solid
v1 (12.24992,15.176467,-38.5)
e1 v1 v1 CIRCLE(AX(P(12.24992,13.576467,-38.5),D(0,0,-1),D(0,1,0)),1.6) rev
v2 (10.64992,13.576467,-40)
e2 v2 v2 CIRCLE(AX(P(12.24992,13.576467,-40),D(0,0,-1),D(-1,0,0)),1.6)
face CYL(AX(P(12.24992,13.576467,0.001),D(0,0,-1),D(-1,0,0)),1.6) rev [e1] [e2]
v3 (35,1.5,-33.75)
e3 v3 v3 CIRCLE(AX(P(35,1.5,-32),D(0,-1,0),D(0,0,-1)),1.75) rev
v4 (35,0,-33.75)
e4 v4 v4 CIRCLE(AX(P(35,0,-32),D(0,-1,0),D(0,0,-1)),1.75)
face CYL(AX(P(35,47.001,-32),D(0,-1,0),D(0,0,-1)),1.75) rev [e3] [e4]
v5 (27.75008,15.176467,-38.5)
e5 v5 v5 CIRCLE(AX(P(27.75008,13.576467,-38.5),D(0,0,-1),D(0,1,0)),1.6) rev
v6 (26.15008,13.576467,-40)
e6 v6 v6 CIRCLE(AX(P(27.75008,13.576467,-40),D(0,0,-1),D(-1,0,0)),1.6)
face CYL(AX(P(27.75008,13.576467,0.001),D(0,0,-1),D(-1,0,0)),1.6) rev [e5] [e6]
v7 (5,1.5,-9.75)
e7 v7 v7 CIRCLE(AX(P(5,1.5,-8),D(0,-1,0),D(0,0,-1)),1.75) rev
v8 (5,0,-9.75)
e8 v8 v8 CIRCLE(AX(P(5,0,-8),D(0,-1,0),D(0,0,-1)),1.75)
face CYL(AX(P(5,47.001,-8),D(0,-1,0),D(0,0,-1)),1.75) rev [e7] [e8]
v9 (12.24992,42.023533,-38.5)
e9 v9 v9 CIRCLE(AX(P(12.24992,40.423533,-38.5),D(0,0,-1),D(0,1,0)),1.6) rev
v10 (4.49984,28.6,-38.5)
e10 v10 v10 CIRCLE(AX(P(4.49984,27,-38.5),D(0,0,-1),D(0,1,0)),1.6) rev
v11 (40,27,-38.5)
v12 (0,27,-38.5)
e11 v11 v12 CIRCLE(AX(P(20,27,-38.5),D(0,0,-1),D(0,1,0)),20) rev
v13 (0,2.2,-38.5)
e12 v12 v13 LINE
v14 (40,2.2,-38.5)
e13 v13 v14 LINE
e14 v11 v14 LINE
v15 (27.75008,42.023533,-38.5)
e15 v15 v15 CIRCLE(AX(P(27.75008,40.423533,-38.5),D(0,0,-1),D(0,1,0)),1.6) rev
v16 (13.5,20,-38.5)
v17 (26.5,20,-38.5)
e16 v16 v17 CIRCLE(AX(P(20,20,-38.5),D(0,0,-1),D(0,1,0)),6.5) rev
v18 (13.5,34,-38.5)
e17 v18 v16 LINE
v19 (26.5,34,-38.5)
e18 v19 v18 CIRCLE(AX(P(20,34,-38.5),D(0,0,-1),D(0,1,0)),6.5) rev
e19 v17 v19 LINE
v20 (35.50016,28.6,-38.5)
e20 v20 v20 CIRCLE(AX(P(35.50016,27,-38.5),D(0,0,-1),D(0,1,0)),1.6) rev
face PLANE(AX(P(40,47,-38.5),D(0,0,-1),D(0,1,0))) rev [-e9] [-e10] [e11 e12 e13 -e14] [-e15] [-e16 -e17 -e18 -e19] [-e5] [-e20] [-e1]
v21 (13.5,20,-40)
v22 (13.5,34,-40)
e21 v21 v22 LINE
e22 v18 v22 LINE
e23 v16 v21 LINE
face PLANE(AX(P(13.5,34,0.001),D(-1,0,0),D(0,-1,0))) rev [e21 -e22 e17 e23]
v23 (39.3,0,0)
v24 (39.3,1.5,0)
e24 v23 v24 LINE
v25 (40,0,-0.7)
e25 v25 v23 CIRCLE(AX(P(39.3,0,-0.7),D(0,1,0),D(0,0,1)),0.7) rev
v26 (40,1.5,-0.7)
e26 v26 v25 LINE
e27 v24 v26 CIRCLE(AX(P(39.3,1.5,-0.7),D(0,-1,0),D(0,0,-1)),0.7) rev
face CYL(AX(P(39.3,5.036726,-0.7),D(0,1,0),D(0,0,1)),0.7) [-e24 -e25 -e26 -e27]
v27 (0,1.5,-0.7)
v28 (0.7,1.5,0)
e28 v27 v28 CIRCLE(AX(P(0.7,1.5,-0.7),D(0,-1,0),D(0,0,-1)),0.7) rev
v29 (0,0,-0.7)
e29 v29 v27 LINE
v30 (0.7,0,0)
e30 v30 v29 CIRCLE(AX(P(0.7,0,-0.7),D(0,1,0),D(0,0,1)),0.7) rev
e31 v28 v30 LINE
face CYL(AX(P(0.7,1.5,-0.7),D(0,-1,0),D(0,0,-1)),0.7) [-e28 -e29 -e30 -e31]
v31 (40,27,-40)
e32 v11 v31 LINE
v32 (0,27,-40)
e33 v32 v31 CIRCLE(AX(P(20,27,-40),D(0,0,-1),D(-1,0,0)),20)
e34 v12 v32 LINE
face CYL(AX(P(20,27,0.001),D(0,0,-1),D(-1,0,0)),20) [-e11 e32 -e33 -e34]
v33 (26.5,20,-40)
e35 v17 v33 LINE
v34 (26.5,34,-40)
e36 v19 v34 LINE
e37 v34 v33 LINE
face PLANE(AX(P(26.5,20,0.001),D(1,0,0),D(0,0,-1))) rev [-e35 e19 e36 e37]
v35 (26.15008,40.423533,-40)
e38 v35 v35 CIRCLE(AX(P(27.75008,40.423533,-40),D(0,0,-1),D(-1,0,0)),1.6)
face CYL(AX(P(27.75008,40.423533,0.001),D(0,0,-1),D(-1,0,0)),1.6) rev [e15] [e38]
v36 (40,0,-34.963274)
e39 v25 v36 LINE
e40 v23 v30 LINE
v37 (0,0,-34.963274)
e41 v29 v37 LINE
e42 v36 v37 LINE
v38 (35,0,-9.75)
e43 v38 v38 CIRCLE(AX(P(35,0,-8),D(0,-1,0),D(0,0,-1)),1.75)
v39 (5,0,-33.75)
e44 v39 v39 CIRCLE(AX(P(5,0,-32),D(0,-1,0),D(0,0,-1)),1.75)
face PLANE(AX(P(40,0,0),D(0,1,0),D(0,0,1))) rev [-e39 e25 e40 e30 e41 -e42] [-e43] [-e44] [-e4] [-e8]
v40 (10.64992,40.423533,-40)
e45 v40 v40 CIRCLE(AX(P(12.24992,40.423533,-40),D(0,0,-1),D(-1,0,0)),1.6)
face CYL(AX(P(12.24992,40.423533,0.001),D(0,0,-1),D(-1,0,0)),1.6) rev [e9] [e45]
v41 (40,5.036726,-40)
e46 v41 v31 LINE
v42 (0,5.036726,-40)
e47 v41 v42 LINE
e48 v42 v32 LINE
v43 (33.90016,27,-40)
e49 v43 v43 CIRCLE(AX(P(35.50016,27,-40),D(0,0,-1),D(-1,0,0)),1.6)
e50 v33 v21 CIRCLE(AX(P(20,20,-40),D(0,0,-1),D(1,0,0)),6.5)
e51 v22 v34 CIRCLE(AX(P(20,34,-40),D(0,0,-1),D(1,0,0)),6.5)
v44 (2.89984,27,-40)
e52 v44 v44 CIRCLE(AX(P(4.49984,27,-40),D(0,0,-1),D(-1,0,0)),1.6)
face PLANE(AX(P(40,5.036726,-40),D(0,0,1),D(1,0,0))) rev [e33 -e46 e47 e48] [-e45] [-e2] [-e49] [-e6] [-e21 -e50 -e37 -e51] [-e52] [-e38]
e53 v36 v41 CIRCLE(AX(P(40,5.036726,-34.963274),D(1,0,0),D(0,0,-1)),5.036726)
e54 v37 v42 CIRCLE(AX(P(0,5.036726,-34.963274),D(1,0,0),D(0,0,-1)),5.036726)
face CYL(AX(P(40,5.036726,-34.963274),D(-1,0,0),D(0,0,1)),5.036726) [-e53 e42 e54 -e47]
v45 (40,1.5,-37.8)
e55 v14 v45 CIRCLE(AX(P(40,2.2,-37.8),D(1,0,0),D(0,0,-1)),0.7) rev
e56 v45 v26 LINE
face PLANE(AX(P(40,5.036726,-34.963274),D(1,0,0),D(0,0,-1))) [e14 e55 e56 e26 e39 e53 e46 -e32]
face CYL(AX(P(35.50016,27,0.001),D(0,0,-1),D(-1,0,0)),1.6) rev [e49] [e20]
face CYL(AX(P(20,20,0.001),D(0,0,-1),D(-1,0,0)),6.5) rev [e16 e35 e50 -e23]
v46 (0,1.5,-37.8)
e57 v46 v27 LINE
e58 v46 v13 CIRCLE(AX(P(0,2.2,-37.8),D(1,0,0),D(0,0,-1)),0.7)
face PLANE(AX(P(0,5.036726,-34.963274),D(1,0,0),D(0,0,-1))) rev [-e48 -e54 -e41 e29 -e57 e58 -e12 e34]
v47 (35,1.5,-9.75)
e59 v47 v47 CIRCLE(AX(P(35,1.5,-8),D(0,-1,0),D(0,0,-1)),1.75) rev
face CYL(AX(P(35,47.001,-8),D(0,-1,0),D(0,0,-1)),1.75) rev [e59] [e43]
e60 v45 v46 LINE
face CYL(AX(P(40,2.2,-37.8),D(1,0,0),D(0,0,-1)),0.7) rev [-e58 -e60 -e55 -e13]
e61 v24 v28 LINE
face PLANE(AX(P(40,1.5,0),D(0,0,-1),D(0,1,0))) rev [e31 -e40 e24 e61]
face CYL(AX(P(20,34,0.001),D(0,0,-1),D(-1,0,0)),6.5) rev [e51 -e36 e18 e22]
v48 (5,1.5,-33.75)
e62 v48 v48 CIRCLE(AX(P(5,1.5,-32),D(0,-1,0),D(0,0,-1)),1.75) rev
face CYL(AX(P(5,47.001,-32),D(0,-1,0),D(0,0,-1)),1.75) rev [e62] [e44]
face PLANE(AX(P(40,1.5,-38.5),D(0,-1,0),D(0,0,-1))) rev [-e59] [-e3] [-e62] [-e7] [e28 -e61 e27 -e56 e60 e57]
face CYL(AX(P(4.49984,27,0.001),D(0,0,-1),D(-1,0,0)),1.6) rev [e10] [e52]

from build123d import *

# Parameters (mm, degrees)
MAINPIECE_DEPTH       = 40
CHASSISHOLES_REACH    = 75.546
SKETCH2_R             = 1.75
DOME_REACH            = 75.546
WHEELMOTORGUIDE_REACH = 75.546
SKETCH4_R             = 1.6
FILLET1_R             = 0.7


with BuildPart() as part:
    # Sketch1 → MainPiece (new body)
    with BuildSketch(Plane(origin=(0, 0, 0), x_dir=(0, 0, -1), z_dir=(1, 0, 0))):
        with BuildLine():
            Line((0, 1.5), (0, 0))
            Line((0, 0), (34.963274192, 0))
            ThreePointArc((34.963274192, 0), (38.524777166, 1.475222834), (40, 5.036725808))
            Line((40, 5.036725808), (40, 47))
            Line((40, 47), (38.5, 47))
            Line((38.5, 47), (38.5, 1.5))
            Line((38.5, 1.5), (0, 1.5))
        make_face()
    extrude(amount=MAINPIECE_DEPTH)

    # Sketch2 → ChassisHoles (cut, up to next)
    with BuildSketch(Plane(origin=(0, 0, 0), x_dir=(-1, 0, 0), z_dir=(0, -1, 0)), mode=Mode.PRIVATE) as chassisholes_sk1:
        with Locations(Location((-5, 8, 0), (0, 0, 90))):
            Circle(SKETCH2_R)
    chassisholes_tool1 = extrude(chassisholes_sk1.sketch, amount=-CHASSISHOLES_REACH, mode=Mode.PRIVATE) & part.part
    # Sketch2 → ChassisHoles (cut, up to next)
    with BuildSketch(Plane(origin=(0, 0, 0), x_dir=(-1, 0, 0), z_dir=(0, -1, 0)), mode=Mode.PRIVATE) as chassisholes_sk2:
        with Locations(Location((-35, 8, 0), (0, 0, 90))):
            Circle(SKETCH2_R)
    chassisholes_tool2 = extrude(chassisholes_sk2.sketch, amount=-CHASSISHOLES_REACH, mode=Mode.PRIVATE) & part.part
    # Sketch2 → ChassisHoles (cut, up to next)
    with BuildSketch(Plane(origin=(0, 0, 0), x_dir=(-1, 0, 0), z_dir=(0, -1, 0)), mode=Mode.PRIVATE) as chassisholes_sk3:
        with Locations(Location((-35, 32, 0), (0, 0, 90))):
            Circle(SKETCH2_R)
    chassisholes_tool3 = extrude(chassisholes_sk3.sketch, amount=-CHASSISHOLES_REACH, mode=Mode.PRIVATE) & part.part
    # Sketch2 → ChassisHoles (cut, up to next)
    with BuildSketch(Plane(origin=(0, 0, 0), x_dir=(-1, 0, 0), z_dir=(0, -1, 0)), mode=Mode.PRIVATE) as chassisholes_sk4:
        with Locations(Location((-5, 32, 0), (0, 0, 90))):
            Circle(SKETCH2_R)
    chassisholes_tool4 = extrude(chassisholes_sk4.sketch, amount=-CHASSISHOLES_REACH, mode=Mode.PRIVATE) & part.part
    add(chassisholes_tool1.solids().sort_by_distance((5, 0, -8))[0], mode=Mode.SUBTRACT)
    add(chassisholes_tool2.solids().sort_by_distance((35, 0, -8))[0], mode=Mode.SUBTRACT)
    add(chassisholes_tool3.solids().sort_by_distance((35, 0, -32))[0], mode=Mode.SUBTRACT)
    add(chassisholes_tool4.solids().sort_by_distance((5, 0, -32))[0], mode=Mode.SUBTRACT)

    # Sketch3 → Dome (cut, up to next)
    with BuildSketch(Plane(origin=(0, 0, -40), x_dir=(-1, 0, 0), z_dir=(0, 0, -1)), mode=Mode.PRIVATE) as dome_sk1:
        with BuildLine():
            Line((-40, 47), (-40, 27))
            ThreePointArc((-40, 27), (-34.142135624, 41.142135624), (-20, 47))
            Line((-20, 47), (-40, 47))
        make_face()
    dome_tool1 = extrude(dome_sk1.sketch, amount=-DOME_REACH, mode=Mode.PRIVATE) & part.part
    # Sketch3 → Dome (cut, up to next)
    with BuildSketch(Plane(origin=(0, 0, -40), x_dir=(-1, 0, 0), z_dir=(0, 0, -1)), mode=Mode.PRIVATE) as dome_sk2:
        with BuildLine():
            Line((0, 47), (-20, 47))
            ThreePointArc((-20, 47), (-5.857864376, 41.142135624), (0, 27))
            Line((0, 27), (0, 47))
        make_face()
    dome_tool2 = extrude(dome_sk2.sketch, amount=-DOME_REACH, mode=Mode.PRIVATE) & part.part
    add(dome_tool1.solids().sort_by_distance((35.532641, 42.532641, -40))[0], mode=Mode.SUBTRACT)
    add(dome_tool2.solids().sort_by_distance((4.467359, 42.532641, -40))[0], mode=Mode.SUBTRACT)

    # Sketch4 → WheelMotorGuide (cut, up to next)
    with BuildSketch(Plane(origin=(0, 0, -40), x_dir=(-1, 0, 0), z_dir=(0, 0, -1)), mode=Mode.PRIVATE) as wheelmotorguide_sk1:
        with Locations((-35.500160217, 27)):
            Circle(SKETCH4_R)
    wheelmotorguide_tool1 = extrude(wheelmotorguide_sk1.sketch, amount=-WHEELMOTORGUIDE_REACH, mode=Mode.PRIVATE) & part.part
    # Sketch4 → WheelMotorGuide (cut, up to next)
    with BuildSketch(Plane(origin=(0, 0, -40), x_dir=(-1, 0, 0), z_dir=(0, 0, -1)), mode=Mode.PRIVATE) as wheelmotorguide_sk2:
        with Locations((-27.750080108, 40.42353251)):
            Circle(SKETCH4_R)
    wheelmotorguide_tool2 = extrude(wheelmotorguide_sk2.sketch, amount=-WHEELMOTORGUIDE_REACH, mode=Mode.PRIVATE) & part.part
    # Sketch4 → WheelMotorGuide (cut, up to next)
    with BuildSketch(Plane(origin=(0, 0, -40), x_dir=(-1, 0, 0), z_dir=(0, 0, -1)), mode=Mode.PRIVATE) as wheelmotorguide_sk3:
        with Locations((-12.249919892, 40.42353251)):
            Circle(SKETCH4_R)
    wheelmotorguide_tool3 = extrude(wheelmotorguide_sk3.sketch, amount=-WHEELMOTORGUIDE_REACH, mode=Mode.PRIVATE) & part.part
    # Sketch4 → WheelMotorGuide (cut, up to next)
    with BuildSketch(Plane(origin=(0, 0, -40), x_dir=(-1, 0, 0), z_dir=(0, 0, -1)), mode=Mode.PRIVATE) as wheelmotorguide_sk4:
        with Locations((-4.499839783, 27)):
            Circle(SKETCH4_R)
    wheelmotorguide_tool4 = extrude(wheelmotorguide_sk4.sketch, amount=-WHEELMOTORGUIDE_REACH, mode=Mode.PRIVATE) & part.part
    # Sketch4 → WheelMotorGuide (cut, up to next)
    with BuildSketch(Plane(origin=(0, 0, -40), x_dir=(-1, 0, 0), z_dir=(0, 0, -1)), mode=Mode.PRIVATE) as wheelmotorguide_sk5:
        with Locations((-12.249919892, 13.57646749)):
            Circle(SKETCH4_R)
    wheelmotorguide_tool5 = extrude(wheelmotorguide_sk5.sketch, amount=-WHEELMOTORGUIDE_REACH, mode=Mode.PRIVATE) & part.part
    # Sketch4 → WheelMotorGuide (cut, up to next)
    with BuildSketch(Plane(origin=(0, 0, -40), x_dir=(-1, 0, 0), z_dir=(0, 0, -1)), mode=Mode.PRIVATE) as wheelmotorguide_sk6:
        with Locations((-27.750080108, 13.57646749)):
            Circle(SKETCH4_R)
    wheelmotorguide_tool6 = extrude(wheelmotorguide_sk6.sketch, amount=-WHEELMOTORGUIDE_REACH, mode=Mode.PRIVATE) & part.part
    # Sketch4 → WheelMotorGuide (cut, up to next)
    with BuildSketch(Plane(origin=(0, 0, -40), x_dir=(-1, 0, 0), z_dir=(0, 0, -1)), mode=Mode.PRIVATE) as wheelmotorguide_sk7:
        with BuildLine():
            Line((-26.5, 20), (-26.5, 34))
            ThreePointArc((-26.5, 34), (-20, 40.5), (-13.5, 34))
            Line((-13.5, 34), (-13.5, 20))
            ThreePointArc((-13.5, 20), (-20, 13.5), (-26.5, 20))
        make_face()
    wheelmotorguide_tool7 = extrude(wheelmotorguide_sk7.sketch, amount=-WHEELMOTORGUIDE_REACH, mode=Mode.PRIVATE) & part.part
    add(wheelmotorguide_tool1.solids().sort_by_distance((35.50016, 27, -40))[0], mode=Mode.SUBTRACT)
    add(wheelmotorguide_tool2.solids().sort_by_distance((27.75008, 40.423533, -40))[0], mode=Mode.SUBTRACT)
    add(wheelmotorguide_tool3.solids().sort_by_distance((12.24992, 40.423533, -40))[0], mode=Mode.SUBTRACT)
    add(wheelmotorguide_tool4.solids().sort_by_distance((4.49984, 27, -40))[0], mode=Mode.SUBTRACT)
    add(wheelmotorguide_tool5.solids().sort_by_distance((12.24992, 13.576467, -40))[0], mode=Mode.SUBTRACT)
    add(wheelmotorguide_tool6.solids().sort_by_distance((27.75008, 13.576467, -40))[0], mode=Mode.SUBTRACT)
    add(wheelmotorguide_tool7.solids().sort_by_distance((20, 27, -40))[0], mode=Mode.SUBTRACT)

    # Fillet1
    fillet1_edges = [part.edges().sort_by_distance(p)[0] for p in [
        (20, 1.5, -38.5),
        (40, 0.75, 0),
        (0, 0.75, 0),
    ]]
    fillet(fillet1_edges, radius=FILLET1_R)


solid = part.part
